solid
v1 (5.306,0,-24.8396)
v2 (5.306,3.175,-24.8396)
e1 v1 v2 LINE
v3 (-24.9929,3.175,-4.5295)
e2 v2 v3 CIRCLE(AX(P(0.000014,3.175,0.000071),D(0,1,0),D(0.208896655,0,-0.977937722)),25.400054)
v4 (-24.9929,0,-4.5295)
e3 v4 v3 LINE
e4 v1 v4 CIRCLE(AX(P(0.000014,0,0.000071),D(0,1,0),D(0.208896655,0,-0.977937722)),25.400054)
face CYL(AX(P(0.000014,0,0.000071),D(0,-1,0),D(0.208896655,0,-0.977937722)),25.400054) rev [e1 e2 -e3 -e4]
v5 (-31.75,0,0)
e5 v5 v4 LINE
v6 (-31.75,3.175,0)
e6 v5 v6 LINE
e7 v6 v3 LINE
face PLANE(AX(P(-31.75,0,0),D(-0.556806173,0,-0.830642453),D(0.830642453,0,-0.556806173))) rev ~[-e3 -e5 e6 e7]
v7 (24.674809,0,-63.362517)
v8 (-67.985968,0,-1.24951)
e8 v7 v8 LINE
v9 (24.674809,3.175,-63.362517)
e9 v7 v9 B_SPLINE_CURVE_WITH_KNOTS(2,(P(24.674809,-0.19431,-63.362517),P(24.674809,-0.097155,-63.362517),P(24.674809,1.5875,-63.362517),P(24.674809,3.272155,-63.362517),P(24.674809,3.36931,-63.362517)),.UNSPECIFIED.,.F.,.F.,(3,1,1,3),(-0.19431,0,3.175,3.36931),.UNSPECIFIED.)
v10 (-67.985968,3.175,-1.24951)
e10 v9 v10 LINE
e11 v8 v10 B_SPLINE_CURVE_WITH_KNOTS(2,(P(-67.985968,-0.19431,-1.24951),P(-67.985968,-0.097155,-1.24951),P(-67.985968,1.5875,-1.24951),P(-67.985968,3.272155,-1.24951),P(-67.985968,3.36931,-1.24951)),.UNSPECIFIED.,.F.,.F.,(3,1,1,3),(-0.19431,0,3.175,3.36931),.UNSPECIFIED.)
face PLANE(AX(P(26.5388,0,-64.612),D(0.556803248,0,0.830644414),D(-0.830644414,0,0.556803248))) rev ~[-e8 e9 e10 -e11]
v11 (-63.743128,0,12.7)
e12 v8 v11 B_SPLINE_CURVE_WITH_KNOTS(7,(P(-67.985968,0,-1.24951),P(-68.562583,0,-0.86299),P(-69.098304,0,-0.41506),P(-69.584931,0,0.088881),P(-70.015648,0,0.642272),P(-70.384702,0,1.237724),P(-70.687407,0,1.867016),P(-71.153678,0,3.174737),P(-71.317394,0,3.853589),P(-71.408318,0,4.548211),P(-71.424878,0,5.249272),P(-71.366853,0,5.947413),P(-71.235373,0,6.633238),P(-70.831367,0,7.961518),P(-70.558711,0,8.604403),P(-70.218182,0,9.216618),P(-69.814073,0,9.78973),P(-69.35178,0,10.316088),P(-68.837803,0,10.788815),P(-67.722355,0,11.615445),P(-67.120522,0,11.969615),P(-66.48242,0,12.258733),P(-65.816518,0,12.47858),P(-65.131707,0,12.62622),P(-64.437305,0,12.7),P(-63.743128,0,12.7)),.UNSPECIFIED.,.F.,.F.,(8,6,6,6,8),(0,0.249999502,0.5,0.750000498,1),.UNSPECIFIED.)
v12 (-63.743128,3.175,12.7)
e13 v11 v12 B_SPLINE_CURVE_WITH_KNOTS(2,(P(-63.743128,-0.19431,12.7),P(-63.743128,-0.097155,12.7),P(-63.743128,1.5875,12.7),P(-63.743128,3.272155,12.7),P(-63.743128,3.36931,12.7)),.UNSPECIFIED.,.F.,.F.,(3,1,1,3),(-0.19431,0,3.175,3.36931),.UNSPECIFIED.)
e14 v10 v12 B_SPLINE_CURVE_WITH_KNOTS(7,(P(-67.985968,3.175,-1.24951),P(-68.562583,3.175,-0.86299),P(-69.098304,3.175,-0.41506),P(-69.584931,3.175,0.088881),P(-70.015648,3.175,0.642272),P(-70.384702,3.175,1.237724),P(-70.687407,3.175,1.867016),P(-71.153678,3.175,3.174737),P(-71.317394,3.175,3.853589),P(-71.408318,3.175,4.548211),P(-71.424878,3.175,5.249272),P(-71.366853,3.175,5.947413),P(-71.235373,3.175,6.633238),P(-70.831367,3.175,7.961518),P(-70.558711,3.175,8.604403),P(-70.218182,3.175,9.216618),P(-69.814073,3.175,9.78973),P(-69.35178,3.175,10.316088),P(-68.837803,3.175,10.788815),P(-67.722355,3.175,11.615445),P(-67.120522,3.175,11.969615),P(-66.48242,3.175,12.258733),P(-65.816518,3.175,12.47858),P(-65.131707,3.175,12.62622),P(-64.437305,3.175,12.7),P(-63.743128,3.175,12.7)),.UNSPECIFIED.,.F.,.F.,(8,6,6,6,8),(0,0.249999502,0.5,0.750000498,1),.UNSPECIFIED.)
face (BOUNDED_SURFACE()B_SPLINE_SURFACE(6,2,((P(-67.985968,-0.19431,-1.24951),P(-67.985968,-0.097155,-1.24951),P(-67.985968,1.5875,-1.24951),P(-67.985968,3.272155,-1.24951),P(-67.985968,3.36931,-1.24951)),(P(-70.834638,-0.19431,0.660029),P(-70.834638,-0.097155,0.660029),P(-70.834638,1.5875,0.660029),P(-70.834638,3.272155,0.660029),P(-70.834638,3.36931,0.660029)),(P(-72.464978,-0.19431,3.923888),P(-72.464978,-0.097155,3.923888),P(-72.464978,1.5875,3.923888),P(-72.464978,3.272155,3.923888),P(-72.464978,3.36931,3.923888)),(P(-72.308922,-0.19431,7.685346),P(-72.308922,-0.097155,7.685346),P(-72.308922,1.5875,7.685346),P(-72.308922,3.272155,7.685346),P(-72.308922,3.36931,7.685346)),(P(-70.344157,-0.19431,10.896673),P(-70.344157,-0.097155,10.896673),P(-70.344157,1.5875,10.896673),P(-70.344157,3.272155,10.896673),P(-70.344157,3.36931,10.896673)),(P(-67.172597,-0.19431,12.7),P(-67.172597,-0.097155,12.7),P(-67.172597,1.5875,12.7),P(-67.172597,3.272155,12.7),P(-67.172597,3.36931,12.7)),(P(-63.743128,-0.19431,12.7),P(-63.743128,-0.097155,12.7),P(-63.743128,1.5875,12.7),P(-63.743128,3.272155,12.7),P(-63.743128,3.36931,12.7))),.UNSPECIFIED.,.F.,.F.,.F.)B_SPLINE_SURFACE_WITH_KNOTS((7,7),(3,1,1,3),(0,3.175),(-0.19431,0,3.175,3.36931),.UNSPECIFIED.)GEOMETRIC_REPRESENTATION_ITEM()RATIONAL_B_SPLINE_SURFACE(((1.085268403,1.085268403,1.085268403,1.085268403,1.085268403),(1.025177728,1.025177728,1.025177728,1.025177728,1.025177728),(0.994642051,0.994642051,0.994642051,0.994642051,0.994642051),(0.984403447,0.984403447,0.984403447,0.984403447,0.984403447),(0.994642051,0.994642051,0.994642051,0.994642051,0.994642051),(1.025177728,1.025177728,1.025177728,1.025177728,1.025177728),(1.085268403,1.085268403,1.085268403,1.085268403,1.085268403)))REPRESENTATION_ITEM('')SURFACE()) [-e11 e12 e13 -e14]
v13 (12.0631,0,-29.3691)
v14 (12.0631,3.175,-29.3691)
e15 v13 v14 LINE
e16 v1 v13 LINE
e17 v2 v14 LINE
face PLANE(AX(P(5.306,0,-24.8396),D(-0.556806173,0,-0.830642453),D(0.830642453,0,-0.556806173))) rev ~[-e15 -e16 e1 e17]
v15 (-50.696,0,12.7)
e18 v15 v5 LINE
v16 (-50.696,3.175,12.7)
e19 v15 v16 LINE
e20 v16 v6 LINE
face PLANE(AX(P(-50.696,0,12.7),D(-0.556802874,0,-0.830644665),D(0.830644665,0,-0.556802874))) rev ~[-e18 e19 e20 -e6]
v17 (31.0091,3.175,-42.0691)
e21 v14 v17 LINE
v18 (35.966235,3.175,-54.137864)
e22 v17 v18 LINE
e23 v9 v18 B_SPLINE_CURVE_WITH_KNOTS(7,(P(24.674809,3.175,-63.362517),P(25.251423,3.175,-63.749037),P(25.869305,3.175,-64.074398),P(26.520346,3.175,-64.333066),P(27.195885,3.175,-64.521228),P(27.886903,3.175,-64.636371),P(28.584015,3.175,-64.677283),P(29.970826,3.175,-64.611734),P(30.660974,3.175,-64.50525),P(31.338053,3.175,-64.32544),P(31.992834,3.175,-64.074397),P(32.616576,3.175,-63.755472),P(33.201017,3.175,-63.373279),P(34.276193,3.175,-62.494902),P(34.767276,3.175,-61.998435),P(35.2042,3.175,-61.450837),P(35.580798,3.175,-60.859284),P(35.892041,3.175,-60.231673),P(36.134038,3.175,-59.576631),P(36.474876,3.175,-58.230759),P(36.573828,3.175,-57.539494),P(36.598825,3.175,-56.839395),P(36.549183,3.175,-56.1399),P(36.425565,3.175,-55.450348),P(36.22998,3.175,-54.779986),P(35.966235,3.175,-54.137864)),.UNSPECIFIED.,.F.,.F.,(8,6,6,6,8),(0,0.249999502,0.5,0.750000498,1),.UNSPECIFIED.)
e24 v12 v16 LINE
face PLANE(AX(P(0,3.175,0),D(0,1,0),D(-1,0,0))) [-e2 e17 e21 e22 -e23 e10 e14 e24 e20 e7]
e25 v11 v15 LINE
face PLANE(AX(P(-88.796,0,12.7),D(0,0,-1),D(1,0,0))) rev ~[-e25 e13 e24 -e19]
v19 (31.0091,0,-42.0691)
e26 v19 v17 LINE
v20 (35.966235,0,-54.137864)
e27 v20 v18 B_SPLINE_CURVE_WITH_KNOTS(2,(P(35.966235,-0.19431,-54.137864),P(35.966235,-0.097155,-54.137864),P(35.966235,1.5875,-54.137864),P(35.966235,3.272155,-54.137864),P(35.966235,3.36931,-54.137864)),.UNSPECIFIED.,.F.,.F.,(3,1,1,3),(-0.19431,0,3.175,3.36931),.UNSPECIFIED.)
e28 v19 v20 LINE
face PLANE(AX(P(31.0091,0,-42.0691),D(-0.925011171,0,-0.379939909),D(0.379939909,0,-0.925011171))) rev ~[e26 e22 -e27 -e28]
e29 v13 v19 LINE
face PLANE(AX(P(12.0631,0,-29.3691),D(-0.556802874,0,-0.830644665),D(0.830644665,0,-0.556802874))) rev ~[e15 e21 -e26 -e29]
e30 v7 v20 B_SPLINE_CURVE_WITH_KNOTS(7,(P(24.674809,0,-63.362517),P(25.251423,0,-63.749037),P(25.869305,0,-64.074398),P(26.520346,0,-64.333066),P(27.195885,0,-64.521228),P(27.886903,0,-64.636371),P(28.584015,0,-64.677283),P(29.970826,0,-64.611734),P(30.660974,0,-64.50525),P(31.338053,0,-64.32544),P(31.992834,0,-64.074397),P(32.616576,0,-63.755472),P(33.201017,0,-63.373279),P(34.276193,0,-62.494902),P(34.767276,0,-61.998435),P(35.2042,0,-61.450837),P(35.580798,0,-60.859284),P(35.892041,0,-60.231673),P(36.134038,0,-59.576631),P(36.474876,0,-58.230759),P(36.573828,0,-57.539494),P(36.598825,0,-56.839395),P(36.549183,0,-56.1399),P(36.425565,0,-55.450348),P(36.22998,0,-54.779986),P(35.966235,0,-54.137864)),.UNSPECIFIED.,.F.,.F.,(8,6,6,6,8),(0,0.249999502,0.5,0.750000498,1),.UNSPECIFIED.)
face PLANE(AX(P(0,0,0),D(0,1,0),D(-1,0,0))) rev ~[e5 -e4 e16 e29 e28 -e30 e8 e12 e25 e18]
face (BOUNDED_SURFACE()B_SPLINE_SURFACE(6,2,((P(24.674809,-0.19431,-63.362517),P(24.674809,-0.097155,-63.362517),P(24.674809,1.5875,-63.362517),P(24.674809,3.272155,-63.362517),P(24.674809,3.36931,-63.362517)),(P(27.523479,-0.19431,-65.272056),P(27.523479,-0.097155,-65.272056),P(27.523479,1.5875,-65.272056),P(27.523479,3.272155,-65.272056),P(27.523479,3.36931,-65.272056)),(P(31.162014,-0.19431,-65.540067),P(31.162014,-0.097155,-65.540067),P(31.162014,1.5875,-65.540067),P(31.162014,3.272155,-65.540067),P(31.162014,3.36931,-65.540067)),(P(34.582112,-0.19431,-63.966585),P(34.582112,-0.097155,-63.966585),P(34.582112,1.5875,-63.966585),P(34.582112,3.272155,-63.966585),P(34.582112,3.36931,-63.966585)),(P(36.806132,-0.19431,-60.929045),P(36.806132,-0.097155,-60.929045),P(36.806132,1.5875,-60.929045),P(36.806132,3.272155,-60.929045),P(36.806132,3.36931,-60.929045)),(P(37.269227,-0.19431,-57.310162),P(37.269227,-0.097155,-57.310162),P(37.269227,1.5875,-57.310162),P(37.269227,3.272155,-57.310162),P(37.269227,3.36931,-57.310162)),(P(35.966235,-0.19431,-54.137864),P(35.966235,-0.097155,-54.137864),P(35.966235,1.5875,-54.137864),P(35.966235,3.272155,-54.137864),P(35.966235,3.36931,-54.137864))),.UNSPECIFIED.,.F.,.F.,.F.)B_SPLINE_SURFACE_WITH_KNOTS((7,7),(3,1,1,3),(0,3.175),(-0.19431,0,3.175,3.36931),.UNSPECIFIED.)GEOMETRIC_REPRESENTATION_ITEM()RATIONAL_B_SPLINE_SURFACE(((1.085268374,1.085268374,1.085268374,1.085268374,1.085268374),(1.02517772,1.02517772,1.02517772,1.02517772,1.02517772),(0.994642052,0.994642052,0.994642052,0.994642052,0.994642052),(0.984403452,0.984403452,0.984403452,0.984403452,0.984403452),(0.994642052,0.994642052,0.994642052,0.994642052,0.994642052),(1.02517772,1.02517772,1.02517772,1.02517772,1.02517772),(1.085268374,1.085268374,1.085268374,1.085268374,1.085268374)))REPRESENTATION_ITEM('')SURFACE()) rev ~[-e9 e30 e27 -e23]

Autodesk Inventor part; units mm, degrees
ref_plane "YZ Plane" through (0, 0, 0) normal (1, 0, 0) x (0, 1, 0)
ref_plane "XZ Plane" through (0, 0, 0) normal (0, 1, 0) x (-1, 0, 0)
ref_plane "XY Plane" through (0, 0, 0) normal (0, 0, 1) x (1, 0, 0)
sketch "Sketch1" plane through (0, 0, 0) normal (0, 1, 0) x (-1, 0, 0)
  circle A0 centre (0, 0) radius 19.812
  line L0 (69.85, 0) -> (31.75, 0)
  line L1 (-12.0631, -29.3691) -> (-26.5388, -64.612)
  line L2 (-26.5388, -64.612) -> (69.85, 0)
  line L3 (69.85, 0) -> (88.796, 12.7)
  line L4 (88.796, 12.7) -> (50.696, 12.7)
  line L5 (50.696, 12.7) -> (31.75, 0)
  line L6 (-12.0631, -29.3691) -> (-31.0091, -42.0691)
  line L7 (-31.0091, -42.0691) -> (-45.4848, -77.312)
  line L8 (-45.4848, -77.312) -> (-26.5388, -64.612)
  arc A1 (-5.306, -24.8396) -> (24.9929, -4.5295) centre (0, 0) ccw
  line L9 (31.75, 0) -> (24.9929, -4.5295)
  line L10 (-5.306, -24.8396) -> (-12.0631, -29.3691)
  dimension "d0" = 112.33
  dimension "d2" = 39.624
  dimension "d3" = 31.75
  dimension "d4" = 31.75
  dimension "d5" = 38.1
  dimension "d6" = 38.1
  dimension "d7" = 112.33
  dimension "d10" = 12.7
  dimension "d12" = 12.7
  dimension "d13" = 25.4
extrude "Extrusion1" add sketch "Sketch1" along normal blind 3.175 contours L2 L1 L10 A1 L9 L0 | L0 L5 L4 L3 | L8 L7 L6 L1
sketch "Sketch2" plane through (0, 0, 0) normal (0, -1, 0) x (1, 0, 0)
  line L0 (45.4848, -77.312) -> (-88.796, 12.7) projected
  line L1 (31.0091, -42.0691) -> (45.4848, -77.312) projected
  line L2 (5.306, -24.8396) -> (31.0091, -42.0691) projected
  arc A0 (-24.9929, -4.5295) -> (5.306, -24.8396) centre (0, 0) ccw projected
  line L3 (-50.696, 12.7) -> (-24.9929, -4.5295) projected
  line L4 (-88.796, 12.7) -> (-50.696, 12.7) projected
fillet "Fillet1" radius 7.62 2 edges at (-88.796, 1.5875, 12.7) (45.4848, 1.5875, -77.312)
equation "\"d4\" = d3"
equation "\"d7\" = d0"
properties part number "gusset" material "Stainless Steel"
